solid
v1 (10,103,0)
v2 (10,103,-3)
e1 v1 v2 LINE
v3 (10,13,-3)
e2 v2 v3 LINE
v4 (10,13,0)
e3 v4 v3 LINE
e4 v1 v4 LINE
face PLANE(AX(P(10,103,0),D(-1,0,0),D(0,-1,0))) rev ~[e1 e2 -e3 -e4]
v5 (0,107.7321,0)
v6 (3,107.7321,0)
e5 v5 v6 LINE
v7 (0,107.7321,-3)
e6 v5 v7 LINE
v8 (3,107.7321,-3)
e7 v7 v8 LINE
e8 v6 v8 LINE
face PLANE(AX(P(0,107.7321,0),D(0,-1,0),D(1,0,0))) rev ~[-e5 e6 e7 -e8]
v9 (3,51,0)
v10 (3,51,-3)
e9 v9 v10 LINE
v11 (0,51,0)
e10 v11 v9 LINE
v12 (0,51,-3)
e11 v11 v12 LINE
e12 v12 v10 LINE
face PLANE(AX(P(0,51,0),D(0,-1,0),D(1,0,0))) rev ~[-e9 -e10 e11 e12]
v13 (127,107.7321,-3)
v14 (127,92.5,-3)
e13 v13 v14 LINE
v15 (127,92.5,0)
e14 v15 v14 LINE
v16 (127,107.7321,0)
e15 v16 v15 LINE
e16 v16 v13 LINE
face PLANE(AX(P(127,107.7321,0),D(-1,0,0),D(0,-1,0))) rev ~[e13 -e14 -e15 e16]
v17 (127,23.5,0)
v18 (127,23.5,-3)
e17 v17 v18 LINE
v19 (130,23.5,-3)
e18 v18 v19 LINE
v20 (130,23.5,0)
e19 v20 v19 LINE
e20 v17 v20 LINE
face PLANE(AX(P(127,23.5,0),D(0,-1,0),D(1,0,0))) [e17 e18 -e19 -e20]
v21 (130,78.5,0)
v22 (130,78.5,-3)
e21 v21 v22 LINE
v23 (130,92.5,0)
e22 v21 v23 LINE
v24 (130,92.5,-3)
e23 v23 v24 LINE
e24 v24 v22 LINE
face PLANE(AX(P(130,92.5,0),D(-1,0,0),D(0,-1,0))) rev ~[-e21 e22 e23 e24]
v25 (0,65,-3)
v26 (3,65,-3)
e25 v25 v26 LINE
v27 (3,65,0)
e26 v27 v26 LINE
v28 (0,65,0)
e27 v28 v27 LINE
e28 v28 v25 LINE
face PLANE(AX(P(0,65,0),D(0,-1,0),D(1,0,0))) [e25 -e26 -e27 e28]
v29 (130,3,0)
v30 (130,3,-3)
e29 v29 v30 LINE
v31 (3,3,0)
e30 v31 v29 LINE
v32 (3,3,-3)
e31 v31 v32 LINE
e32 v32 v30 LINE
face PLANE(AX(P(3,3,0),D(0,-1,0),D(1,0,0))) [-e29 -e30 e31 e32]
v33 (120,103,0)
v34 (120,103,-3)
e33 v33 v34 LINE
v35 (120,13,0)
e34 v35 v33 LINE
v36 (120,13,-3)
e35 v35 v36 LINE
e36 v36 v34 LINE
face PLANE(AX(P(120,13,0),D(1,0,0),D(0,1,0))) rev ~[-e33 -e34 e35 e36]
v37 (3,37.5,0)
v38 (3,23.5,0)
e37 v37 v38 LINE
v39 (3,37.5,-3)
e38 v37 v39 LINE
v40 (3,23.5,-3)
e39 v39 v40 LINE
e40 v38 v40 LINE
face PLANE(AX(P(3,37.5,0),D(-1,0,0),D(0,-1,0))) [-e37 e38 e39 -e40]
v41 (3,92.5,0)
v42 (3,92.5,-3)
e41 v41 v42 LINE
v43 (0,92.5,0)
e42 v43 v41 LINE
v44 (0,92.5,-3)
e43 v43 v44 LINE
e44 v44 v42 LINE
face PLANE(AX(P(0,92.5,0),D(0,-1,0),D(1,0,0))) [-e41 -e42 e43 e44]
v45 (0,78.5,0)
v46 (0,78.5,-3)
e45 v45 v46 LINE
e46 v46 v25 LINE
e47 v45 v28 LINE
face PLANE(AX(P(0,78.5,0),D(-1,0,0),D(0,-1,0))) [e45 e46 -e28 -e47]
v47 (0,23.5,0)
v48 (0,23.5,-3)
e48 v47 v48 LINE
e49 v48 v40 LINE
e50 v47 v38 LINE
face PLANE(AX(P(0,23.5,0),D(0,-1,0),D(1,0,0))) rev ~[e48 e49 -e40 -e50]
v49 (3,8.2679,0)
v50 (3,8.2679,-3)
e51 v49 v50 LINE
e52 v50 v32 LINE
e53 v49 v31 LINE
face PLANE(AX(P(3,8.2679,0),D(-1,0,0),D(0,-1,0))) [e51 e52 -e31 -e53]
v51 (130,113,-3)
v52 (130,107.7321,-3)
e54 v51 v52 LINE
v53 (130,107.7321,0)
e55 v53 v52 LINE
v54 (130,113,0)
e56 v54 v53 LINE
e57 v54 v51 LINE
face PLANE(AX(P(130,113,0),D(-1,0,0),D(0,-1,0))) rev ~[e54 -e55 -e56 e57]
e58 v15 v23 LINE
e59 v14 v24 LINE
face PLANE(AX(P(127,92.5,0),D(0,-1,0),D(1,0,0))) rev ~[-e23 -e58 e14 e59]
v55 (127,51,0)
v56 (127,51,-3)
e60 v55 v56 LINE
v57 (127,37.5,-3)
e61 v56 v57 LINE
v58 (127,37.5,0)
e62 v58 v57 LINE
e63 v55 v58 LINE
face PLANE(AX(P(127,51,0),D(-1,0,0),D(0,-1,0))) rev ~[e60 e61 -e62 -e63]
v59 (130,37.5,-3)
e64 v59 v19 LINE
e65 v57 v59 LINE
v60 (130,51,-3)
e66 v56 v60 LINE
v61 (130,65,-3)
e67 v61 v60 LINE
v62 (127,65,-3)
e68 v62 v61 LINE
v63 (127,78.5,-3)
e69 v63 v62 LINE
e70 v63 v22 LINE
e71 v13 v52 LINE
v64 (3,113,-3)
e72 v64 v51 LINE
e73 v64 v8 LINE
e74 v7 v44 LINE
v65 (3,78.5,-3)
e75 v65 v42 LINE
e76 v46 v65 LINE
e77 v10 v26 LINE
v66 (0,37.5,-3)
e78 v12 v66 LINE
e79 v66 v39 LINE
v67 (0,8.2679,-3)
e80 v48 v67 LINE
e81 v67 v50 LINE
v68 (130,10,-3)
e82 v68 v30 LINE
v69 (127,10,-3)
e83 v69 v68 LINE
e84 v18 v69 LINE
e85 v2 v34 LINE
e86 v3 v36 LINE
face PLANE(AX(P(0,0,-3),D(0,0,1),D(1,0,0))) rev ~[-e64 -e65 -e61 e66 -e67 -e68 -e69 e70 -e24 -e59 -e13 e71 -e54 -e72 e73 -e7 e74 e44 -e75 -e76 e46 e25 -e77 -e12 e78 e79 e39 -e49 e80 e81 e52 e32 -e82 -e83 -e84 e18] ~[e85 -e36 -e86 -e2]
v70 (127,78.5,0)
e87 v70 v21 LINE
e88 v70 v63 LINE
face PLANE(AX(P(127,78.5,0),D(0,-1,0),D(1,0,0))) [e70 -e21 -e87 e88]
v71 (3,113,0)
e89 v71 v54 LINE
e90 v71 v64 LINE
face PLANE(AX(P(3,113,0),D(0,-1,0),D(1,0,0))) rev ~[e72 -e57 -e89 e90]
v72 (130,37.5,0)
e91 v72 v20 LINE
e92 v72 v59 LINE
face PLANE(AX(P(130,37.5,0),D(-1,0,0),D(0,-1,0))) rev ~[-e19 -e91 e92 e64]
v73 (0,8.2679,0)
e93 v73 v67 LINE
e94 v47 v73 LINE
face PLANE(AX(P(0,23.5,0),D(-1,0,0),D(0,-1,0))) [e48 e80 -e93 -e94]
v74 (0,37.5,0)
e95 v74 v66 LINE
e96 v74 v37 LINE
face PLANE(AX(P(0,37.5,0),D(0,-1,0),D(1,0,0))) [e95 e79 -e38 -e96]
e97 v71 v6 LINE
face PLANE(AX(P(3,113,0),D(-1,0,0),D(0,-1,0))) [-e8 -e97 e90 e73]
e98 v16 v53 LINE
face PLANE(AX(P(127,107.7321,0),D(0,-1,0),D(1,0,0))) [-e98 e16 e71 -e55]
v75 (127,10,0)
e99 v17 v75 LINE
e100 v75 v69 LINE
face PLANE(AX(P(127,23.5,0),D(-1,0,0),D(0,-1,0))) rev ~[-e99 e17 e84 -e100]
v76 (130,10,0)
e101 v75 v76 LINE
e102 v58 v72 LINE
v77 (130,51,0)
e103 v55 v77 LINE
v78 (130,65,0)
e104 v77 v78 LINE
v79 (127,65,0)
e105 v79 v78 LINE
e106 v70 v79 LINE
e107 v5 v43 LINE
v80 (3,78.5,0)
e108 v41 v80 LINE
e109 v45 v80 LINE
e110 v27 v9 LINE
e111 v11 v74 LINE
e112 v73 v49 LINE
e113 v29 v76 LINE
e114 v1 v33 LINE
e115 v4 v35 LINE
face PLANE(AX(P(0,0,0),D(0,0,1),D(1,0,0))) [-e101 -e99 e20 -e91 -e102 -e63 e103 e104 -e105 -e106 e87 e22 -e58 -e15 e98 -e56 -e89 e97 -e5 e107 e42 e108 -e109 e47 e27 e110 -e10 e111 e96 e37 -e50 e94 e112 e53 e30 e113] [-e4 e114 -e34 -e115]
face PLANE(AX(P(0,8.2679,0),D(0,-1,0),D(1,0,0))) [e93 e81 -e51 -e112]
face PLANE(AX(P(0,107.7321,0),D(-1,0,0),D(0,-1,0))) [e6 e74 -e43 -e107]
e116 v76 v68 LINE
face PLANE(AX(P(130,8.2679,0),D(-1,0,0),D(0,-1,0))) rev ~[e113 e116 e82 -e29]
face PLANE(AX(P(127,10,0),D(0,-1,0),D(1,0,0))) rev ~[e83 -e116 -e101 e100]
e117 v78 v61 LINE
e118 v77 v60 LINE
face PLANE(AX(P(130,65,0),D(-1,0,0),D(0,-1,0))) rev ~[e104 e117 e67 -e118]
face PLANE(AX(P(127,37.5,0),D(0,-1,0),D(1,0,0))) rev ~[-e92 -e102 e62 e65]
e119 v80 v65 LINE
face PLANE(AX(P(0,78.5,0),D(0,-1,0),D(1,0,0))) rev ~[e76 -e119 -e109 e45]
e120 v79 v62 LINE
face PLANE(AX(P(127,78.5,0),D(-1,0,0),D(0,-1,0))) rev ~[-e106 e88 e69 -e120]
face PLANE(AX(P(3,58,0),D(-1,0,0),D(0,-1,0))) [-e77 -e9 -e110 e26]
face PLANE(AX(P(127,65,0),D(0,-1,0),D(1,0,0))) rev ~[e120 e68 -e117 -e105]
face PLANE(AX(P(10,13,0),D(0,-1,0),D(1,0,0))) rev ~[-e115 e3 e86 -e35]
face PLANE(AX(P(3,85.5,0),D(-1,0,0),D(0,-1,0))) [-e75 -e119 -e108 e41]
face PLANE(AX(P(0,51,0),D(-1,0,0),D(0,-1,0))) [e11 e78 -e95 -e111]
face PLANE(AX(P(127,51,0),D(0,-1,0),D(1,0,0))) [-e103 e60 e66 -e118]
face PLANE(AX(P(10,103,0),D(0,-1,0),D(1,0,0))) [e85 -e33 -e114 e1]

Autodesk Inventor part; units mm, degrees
ref_plane "YZ Plane" through (0, 0, 0) normal (1, 0, 0) x (0, 1, 0)
ref_plane "XZ Plane" through (0, 0, 0) normal (0, 1, 0) x (-1, 0, 0)
ref_plane "XY Plane" through (0, 0, 0) normal (0, 0, 1) x (1, 0, 0)
sketch "Boceto1" plane through (0, 0, 0) normal (0, 0, 1) x (1, 0, 0)
  line L0 (3, 3) -> (130, 3)
  line L1 (10, 103) -> (10, 13)
  line L2 (10, 13) -> (120, 13)
  line L3 (120, 13) -> (120, 103)
  line L4 (10, 103) -> (120, 103)
  line L5 (130, 113) -> (130, 106)
  line L6 (130, 106) -> (127, 107.7321)
  line L7 (130, 92.5) -> (127, 90.7679)
  line L8 (130, 65) -> (127, 63.2679)
  line L9 (130, 78.5) -> (127, 80.2321)
  line L10 (130, 10) -> (127, 8.2679)
  line L11 (130, 23.5) -> (127, 25.2321)
  line L12 (130, 51) -> (127, 52.7321)
  line L13 (130, 37.5) -> (127, 35.7679)
  line L14 (127, 107.7321) -> (127, 90.7679)
  line L15 (127, 80.2321) -> (127, 63.2679)
  line L16 (127, 52.7321) -> (127, 35.7679)
  line L17 (127, 25.2321) -> (127, 8.2679)
  line L18 (3, 113) -> (3, 106)
  line L19 (3, 106) -> (0, 107.7321)
  line L20 (3, 92.5) -> (0, 90.7679)
  line L21 (3, 65) -> (0, 63.2679)
  line L22 (3, 78.5) -> (0, 80.2321)
  line L23 (3, 10) -> (0, 8.2679)
  line L24 (3, 23.5) -> (0, 25.2321)
  line L25 (3, 37.5) -> (0, 35.7679)
  line L26 (3, 51) -> (0, 52.7321)
  line L27 (0, 107.7321) -> (0, 90.7679)
  line L28 (0, 80.2321) -> (0, 63.2679)
  line L29 (0, 52.7321) -> (0, 35.7679)
  line L30 (0, 25.2321) -> (0, 8.2679)
  line L31 (130, 113) -> (130, 106)
  line L32 (130, 92.5) -> (130, 85.5)
  line L33 (130, 113) -> (130, 106)
  line L34 (130, 113) -> (130, 106)
  line L35 (130, 92.5) -> (130, 78.5)
  line L36 (130, 92.5) -> (130, 78.5)
  line L37 (130, 65) -> (130, 58)
  line L38 (130, 65) -> (130, 51)
  line L39 (130, 37.5) -> (130, 23.5)
  line L40 (130, 10) -> (130, 3)
  line L41 (0, 8.2679) -> (0, 25.2321)
  line L42 (0, 35.7679) -> (0, 52.7321)
  line L43 (0, 63.2679) -> (0, 80.2321)
  line L44 (0, 90.7679) -> (0, 107.7321)
  line L45 (3, 113) -> (3, 106)
  line L46 (3, 92.5) -> (3, 85.5)
  line L47 (3, 113) -> (3, 106)
  line L48 (3, 113) -> (3, 106)
  line L49 (3, 92.5) -> (3, 78.5)
  line L50 (3, 92.5) -> (3, 78.5)
  line L51 (3, 65) -> (3, 58)
  line L52 (3, 65) -> (3, 51)
  line L53 (3, 37.5) -> (3, 23.5)
  line L54 (3, 10) -> (3, 3)
  line L55 (3, 113) -> (130, 113)
  line L56 (0, 107.7321) -> (3, 107.7321)
  line L57 (0, 92.5) -> (3, 92.5)
  line L58 (0, 78.5) -> (3, 78.5)
  line L59 (0, 65) -> (3, 65)
  line L60 (0, 51) -> (3, 51)
  line L61 (0, 37.5) -> (3, 37.5)
  line L62 (0, 23.5) -> (3, 23.5)
  line L63 (0, 8.2679) -> (3, 8.2679)
  line L64 (127, 107.7321) -> (130, 107.7321)
  line L65 (127, 92.5) -> (130, 92.5)
  line L66 (127, 78.5) -> (130, 78.5)
  line L67 (127, 65) -> (130, 65)
  line L68 (127, 51) -> (130, 51)
  line L69 (127, 37.5) -> (130, 37.5)
  line L70 (127, 23.5) -> (130, 23.5)
  line L71 (127, 10) -> (130, 10)
  line L72 (127, 8.2679) -> (130, 8.2679)
  point P0 (0, 0)
  point P1 (0, 58)
  point P2 (3, 3)
  point P3 (127, 99.25)
  dimension "d11" = 7
  dimension "d14" = 7
  dimension "d18" = 3
  dimension "d20" = 44.4641
  dimension "d21" = 7
  dimension "d22" = 65.5359
  dimension "d24" = 130
  dimension "d25" = 110
  dimension "d26" = 7
extrude "Extrusión1" add sketch "Boceto1" against normal blind 3 contours L54 L23 L30 L62 L53 L61 L29 L60 L52 L51 L59 L28 L58 L49 L46 L57 L27 L19 L18 L55 L5 L64 L14 L7 L32 L35 L9 L15 L8 L37 L38 L12 L16 L13 L39 L11 L17 L72 L40 L0 | L63 L23 L54 | L72 L10 L40 | L10 L17 L71 | L17 L11 L70 | L13 L16 L69 | L16 L12 L68 | L8 L15 L67 | L15 L9 L66 | L7 L14 L65 | L56 L18 L19
